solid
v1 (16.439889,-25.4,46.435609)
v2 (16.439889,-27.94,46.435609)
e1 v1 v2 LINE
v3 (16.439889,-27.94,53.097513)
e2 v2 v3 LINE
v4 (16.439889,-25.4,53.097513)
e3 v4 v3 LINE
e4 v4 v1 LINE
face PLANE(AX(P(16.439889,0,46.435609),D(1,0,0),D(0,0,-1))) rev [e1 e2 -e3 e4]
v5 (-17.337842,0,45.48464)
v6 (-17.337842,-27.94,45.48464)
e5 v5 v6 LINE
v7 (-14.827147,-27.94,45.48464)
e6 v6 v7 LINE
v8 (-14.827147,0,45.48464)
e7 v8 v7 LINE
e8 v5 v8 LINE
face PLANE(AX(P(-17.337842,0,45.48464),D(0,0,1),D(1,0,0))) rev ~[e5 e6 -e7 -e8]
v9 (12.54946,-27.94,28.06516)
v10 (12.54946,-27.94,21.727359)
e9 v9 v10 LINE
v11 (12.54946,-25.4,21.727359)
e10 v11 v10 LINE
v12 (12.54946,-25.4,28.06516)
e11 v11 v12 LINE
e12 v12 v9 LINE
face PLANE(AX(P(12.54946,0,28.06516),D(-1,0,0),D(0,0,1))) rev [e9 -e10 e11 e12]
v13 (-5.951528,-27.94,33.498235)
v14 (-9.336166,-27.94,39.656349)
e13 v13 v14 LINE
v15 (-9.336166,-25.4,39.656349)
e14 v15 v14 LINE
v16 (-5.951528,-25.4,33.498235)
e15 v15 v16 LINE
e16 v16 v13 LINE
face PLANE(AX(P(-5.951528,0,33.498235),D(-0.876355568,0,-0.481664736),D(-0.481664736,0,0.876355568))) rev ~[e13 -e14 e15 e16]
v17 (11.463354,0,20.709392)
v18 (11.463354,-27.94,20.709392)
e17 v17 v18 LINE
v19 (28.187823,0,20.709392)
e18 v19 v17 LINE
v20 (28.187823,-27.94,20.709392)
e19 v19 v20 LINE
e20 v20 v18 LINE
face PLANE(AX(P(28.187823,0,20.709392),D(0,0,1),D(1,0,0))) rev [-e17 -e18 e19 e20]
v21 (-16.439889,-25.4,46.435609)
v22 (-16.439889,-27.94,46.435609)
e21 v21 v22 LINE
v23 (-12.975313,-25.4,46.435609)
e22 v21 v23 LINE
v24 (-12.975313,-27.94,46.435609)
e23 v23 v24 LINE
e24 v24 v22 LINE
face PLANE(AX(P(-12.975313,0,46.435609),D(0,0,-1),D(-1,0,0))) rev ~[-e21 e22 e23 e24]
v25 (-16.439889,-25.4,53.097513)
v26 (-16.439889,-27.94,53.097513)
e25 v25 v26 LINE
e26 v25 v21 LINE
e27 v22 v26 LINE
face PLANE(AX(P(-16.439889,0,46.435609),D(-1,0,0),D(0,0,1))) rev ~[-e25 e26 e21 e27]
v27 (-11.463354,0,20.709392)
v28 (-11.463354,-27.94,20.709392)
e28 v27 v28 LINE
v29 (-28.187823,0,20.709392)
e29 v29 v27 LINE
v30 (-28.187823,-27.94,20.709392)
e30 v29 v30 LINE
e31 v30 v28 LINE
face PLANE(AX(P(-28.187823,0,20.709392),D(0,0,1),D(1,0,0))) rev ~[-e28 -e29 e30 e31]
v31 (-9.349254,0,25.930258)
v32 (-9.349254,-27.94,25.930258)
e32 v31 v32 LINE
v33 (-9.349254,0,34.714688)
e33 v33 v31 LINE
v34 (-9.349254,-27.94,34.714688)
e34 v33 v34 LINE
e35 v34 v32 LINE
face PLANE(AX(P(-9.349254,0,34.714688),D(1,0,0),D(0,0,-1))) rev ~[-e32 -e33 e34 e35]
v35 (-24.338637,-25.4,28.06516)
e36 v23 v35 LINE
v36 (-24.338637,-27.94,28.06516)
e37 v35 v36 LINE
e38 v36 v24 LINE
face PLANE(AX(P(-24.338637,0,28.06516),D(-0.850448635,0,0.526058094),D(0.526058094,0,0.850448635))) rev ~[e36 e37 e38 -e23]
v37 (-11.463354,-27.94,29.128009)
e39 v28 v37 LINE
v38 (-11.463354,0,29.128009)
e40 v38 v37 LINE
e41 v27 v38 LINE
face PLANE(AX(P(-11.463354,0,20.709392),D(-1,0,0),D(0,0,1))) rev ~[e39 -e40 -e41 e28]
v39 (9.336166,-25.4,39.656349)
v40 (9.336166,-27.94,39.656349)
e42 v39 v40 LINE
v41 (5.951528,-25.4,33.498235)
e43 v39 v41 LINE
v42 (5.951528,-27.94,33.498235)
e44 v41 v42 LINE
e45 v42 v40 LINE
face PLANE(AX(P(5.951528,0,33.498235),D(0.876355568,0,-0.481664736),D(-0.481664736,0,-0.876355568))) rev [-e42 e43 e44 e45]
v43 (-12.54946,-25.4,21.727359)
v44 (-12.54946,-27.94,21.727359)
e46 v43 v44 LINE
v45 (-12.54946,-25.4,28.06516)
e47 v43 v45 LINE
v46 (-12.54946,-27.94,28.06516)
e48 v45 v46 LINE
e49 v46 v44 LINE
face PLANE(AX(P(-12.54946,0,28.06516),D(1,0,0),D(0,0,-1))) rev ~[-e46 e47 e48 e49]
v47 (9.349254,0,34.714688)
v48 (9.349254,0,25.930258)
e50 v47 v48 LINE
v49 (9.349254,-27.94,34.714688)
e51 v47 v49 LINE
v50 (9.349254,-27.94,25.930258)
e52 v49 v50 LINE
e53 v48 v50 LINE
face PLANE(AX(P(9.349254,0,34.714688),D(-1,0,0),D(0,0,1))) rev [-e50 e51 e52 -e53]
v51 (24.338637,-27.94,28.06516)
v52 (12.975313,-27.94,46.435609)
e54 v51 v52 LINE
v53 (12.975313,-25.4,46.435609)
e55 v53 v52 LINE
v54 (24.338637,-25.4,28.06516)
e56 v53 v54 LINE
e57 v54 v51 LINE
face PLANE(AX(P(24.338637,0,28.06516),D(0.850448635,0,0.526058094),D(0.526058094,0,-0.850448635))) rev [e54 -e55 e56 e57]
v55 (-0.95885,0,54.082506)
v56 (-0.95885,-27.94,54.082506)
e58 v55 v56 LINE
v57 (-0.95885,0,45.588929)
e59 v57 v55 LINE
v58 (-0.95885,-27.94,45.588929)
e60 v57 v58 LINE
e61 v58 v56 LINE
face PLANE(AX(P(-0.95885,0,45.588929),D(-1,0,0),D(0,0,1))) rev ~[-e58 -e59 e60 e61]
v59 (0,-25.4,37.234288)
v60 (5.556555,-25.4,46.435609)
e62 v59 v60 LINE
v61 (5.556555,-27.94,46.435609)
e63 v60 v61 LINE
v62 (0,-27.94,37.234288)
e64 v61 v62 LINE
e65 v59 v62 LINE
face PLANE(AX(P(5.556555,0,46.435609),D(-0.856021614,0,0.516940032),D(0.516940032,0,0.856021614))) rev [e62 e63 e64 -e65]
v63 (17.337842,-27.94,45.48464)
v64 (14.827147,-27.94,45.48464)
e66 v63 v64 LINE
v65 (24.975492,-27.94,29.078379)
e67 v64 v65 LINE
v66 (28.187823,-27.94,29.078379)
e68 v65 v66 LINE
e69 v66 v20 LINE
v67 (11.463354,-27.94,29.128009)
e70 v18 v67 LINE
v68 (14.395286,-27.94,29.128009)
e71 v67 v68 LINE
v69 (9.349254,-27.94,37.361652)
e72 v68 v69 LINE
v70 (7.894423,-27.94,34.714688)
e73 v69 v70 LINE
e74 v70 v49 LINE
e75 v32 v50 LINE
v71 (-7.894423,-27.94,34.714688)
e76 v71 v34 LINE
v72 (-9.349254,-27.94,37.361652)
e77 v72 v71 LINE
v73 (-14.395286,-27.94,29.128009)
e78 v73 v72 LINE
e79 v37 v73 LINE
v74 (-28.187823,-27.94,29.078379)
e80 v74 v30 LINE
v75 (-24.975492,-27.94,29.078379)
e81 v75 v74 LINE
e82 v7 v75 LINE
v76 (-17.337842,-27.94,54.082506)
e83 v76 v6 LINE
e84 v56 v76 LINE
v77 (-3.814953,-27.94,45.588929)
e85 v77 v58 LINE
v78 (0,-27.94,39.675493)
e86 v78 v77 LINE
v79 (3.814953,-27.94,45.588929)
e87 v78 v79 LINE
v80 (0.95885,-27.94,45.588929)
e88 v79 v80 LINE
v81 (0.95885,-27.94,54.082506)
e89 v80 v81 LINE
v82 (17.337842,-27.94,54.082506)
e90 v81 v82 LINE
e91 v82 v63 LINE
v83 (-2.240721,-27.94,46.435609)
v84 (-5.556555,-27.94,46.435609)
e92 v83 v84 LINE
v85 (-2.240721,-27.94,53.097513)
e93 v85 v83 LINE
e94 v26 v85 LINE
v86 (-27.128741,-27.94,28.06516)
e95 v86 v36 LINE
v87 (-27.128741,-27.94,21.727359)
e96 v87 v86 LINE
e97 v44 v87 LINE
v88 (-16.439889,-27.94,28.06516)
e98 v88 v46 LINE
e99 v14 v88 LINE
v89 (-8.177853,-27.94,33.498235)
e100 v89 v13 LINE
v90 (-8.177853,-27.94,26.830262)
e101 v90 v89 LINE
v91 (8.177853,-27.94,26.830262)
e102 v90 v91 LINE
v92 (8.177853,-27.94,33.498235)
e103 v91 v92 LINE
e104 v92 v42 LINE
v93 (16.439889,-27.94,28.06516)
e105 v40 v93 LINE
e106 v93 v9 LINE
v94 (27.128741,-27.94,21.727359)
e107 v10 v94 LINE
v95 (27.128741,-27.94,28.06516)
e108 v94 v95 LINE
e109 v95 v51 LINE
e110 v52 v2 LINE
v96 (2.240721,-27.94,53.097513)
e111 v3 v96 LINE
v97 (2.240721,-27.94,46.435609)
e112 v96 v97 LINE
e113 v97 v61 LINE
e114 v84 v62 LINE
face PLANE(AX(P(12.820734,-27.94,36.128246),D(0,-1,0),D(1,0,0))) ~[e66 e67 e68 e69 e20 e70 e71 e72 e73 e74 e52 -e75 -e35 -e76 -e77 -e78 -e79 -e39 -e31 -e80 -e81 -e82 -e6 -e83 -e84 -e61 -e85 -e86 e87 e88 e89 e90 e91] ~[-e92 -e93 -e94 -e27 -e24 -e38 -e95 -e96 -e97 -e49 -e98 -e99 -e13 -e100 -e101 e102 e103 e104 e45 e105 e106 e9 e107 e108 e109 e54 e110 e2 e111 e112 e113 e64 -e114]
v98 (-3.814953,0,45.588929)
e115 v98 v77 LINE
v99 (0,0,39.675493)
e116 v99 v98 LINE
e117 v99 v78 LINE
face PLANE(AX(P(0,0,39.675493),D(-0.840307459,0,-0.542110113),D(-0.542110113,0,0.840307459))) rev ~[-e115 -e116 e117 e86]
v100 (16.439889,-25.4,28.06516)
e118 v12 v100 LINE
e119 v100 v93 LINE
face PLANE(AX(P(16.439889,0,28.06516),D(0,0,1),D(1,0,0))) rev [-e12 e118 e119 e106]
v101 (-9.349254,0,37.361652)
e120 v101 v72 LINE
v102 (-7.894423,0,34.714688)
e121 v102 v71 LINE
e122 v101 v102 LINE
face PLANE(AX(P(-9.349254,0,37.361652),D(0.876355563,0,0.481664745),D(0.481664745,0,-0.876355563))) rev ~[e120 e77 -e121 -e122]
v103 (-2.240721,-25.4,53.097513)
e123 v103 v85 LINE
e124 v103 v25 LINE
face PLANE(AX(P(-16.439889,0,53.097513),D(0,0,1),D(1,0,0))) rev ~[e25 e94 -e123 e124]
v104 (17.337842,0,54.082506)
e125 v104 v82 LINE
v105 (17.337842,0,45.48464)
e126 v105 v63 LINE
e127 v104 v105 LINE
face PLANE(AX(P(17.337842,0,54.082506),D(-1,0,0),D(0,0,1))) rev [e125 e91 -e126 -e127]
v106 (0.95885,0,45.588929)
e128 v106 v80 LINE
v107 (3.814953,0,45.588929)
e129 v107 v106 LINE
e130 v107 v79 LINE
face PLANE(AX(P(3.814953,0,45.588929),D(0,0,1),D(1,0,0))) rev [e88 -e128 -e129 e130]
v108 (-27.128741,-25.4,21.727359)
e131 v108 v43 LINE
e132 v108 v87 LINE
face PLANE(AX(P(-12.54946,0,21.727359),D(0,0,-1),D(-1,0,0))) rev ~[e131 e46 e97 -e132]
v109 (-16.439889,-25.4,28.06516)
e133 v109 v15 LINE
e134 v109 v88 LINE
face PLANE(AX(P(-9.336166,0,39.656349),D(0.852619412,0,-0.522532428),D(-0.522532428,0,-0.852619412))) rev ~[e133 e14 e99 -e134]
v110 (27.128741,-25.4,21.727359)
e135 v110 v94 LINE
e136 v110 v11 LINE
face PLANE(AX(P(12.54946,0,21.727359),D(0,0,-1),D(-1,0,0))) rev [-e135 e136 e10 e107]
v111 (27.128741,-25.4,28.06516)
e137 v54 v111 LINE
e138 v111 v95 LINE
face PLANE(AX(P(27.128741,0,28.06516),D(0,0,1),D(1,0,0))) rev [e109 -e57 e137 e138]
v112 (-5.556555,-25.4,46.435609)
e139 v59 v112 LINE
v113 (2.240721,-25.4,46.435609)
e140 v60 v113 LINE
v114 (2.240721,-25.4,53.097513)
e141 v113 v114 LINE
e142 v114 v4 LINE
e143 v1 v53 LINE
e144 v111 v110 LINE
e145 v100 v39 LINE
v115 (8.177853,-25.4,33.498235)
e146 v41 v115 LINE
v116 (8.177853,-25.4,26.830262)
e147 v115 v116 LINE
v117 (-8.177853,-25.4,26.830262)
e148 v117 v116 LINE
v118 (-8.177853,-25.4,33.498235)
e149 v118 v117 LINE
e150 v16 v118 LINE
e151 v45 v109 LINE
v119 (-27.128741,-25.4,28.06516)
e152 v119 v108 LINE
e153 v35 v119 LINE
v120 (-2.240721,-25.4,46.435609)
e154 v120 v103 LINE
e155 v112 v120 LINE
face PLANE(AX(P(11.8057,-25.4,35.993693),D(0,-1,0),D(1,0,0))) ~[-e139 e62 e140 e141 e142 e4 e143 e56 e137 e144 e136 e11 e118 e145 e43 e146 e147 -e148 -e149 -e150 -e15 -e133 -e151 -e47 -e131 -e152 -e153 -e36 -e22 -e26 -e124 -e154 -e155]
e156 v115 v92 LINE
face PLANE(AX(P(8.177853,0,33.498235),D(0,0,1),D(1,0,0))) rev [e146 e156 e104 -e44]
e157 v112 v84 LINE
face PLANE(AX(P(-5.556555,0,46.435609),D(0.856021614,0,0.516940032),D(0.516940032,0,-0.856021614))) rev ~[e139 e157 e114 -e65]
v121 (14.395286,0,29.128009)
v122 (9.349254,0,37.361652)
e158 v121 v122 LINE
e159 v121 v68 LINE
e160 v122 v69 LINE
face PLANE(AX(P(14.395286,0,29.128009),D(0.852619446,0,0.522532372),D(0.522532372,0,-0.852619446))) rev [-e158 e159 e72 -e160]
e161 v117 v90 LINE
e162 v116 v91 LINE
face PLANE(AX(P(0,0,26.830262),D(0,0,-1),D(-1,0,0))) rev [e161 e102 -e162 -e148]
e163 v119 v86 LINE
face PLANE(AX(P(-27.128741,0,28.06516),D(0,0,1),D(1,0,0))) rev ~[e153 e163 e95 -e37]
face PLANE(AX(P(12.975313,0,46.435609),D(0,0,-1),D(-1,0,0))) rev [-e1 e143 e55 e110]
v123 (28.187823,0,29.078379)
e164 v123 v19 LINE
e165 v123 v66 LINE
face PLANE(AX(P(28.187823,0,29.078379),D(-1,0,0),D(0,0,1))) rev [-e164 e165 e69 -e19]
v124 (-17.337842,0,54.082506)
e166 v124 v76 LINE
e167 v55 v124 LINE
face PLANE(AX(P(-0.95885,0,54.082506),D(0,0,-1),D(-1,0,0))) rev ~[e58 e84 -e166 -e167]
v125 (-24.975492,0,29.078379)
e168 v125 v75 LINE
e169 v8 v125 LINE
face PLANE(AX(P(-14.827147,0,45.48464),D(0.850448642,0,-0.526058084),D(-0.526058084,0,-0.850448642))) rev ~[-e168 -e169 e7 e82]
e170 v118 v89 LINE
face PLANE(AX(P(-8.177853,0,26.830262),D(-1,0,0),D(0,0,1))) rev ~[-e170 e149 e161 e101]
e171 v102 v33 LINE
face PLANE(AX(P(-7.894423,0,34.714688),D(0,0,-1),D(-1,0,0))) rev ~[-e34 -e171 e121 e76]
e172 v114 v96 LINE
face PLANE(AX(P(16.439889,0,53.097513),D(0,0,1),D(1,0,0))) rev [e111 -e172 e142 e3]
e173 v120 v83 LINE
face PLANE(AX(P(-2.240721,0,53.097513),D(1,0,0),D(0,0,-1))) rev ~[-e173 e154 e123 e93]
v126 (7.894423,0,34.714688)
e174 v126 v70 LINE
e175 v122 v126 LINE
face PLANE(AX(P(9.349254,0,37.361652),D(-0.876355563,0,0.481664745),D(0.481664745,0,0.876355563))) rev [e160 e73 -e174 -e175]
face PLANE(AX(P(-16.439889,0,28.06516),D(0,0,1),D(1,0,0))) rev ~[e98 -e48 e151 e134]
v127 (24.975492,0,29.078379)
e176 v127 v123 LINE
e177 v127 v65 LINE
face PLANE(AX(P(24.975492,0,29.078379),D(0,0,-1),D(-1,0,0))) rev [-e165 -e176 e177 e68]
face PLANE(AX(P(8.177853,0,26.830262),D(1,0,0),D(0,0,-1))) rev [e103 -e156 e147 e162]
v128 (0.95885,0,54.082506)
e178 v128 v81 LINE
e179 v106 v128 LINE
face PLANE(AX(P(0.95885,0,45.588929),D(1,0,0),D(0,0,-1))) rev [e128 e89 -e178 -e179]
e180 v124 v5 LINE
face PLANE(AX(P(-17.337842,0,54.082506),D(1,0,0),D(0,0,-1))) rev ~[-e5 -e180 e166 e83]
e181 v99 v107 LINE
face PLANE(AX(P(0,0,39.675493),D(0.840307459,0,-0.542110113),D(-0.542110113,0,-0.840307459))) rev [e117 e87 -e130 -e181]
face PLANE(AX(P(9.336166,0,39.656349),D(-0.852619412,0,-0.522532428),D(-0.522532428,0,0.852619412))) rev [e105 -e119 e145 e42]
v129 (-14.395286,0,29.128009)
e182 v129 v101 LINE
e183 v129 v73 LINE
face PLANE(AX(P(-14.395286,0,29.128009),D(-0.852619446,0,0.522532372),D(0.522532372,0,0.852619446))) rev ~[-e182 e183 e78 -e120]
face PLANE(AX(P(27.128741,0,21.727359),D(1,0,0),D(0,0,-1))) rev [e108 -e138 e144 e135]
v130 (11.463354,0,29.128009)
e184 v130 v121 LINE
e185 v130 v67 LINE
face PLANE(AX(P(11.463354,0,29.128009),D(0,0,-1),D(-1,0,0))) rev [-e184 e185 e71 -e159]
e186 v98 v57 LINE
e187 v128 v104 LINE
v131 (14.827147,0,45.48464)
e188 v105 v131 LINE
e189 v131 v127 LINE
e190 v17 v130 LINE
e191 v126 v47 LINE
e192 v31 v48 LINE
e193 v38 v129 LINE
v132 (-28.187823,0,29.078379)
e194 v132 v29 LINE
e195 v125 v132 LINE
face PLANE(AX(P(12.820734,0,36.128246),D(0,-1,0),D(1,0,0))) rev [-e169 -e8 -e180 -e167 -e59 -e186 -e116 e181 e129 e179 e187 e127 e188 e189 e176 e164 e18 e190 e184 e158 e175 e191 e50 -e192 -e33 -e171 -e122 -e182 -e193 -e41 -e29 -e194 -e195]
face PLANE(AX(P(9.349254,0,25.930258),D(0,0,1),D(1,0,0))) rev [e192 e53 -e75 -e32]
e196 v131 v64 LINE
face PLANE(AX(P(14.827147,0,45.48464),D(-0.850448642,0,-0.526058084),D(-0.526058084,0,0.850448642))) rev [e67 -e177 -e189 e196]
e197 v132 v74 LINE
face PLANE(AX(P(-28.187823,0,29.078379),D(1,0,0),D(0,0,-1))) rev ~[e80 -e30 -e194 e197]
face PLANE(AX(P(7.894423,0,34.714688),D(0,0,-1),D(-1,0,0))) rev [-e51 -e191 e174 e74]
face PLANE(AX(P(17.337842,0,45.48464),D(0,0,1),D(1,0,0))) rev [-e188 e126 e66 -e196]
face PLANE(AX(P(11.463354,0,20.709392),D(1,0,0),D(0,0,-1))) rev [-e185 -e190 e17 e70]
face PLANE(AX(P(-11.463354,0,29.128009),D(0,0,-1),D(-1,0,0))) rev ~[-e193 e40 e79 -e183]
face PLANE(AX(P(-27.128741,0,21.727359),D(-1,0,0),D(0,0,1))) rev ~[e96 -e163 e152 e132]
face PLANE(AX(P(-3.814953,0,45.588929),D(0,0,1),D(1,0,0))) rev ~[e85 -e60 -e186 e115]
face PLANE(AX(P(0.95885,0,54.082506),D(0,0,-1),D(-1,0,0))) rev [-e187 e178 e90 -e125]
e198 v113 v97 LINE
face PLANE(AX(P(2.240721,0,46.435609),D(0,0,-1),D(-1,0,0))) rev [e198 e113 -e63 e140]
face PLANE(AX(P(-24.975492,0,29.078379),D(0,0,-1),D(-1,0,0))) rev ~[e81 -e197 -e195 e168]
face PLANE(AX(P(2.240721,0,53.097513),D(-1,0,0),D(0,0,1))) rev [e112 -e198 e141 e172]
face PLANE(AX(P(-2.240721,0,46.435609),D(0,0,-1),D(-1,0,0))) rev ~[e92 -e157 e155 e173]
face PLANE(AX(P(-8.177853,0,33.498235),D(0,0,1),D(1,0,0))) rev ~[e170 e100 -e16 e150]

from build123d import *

# Parameters (mm, degrees)
F1_DEPTH = 25.4
F2_DEPTH = 27.94


with BuildPart() as f1:
    # F0 (on Front) → F1 (new body)
    with BuildSketch(Plane.XZ):
        Polygon((0, 26.830262), (0, 37.234288), (-5.556555, 46.435609), (-2.240721, 46.435609), (-2.240721, 53.097513), (-16.439889, 53.097513), (-16.439889, 46.435609), (-12.975313, 46.435609), (-24.338637, 28.06516), (-27.128741, 28.06516), (-27.128741, 21.727359), (-12.54946, 21.727359), (-12.54946, 28.06516), (-16.439889, 28.06516), (-9.336166, 39.656349), (-5.951528, 33.498235), (-8.177853, 33.498235), (-8.177853, 26.830262), align=None)
    extrude(amount=F1_DEPTH)

    # F0 (on Front) → F2 (join)
    with BuildSketch(Plane.XZ):
        Polygon((0, 37.234288), (0, 39.675493), (-3.814953, 45.588929), (-0.95885, 45.588929), (-0.95885, 54.082506), (-17.337842, 54.082506), (-17.337842, 45.48464), (-14.827147, 45.48464), (-24.975492, 29.078379), (-28.187823, 29.078379), (-28.187823, 20.709392), (-11.463354, 20.709392), (-11.463354, 29.128009), (-14.395286, 29.128009), (-9.349254, 37.361652), (-7.894423, 34.714688), (-9.349254, 34.714688), (-9.349254, 25.930258), (0, 25.930258), (0, 26.830262), (-8.177853, 26.830262), (-8.177853, 33.498235), (-5.951528, 33.498235), (-9.336166, 39.656349), (-16.439889, 28.06516), (-12.54946, 28.06516), (-12.54946, 21.727359), (-27.128741, 21.727359), (-27.128741, 28.06516), (-24.338637, 28.06516), (-12.975313, 46.435609), (-16.439889, 46.435609), (-16.439889, 53.097513), (-2.240721, 53.097513), (-2.240721, 46.435609), (-5.556555, 46.435609), align=None)
    extrude(amount=F2_DEPTH)

    # F3: F1 across face


with BuildPart() as f1_1:
    add(f1.part)
    add(f1.part.mirror(Plane(origin=(0, -13.031526, 32.859819), x_dir=(0, 1, 0), z_dir=(1, 0, 0))))


solid = f1_1.part
